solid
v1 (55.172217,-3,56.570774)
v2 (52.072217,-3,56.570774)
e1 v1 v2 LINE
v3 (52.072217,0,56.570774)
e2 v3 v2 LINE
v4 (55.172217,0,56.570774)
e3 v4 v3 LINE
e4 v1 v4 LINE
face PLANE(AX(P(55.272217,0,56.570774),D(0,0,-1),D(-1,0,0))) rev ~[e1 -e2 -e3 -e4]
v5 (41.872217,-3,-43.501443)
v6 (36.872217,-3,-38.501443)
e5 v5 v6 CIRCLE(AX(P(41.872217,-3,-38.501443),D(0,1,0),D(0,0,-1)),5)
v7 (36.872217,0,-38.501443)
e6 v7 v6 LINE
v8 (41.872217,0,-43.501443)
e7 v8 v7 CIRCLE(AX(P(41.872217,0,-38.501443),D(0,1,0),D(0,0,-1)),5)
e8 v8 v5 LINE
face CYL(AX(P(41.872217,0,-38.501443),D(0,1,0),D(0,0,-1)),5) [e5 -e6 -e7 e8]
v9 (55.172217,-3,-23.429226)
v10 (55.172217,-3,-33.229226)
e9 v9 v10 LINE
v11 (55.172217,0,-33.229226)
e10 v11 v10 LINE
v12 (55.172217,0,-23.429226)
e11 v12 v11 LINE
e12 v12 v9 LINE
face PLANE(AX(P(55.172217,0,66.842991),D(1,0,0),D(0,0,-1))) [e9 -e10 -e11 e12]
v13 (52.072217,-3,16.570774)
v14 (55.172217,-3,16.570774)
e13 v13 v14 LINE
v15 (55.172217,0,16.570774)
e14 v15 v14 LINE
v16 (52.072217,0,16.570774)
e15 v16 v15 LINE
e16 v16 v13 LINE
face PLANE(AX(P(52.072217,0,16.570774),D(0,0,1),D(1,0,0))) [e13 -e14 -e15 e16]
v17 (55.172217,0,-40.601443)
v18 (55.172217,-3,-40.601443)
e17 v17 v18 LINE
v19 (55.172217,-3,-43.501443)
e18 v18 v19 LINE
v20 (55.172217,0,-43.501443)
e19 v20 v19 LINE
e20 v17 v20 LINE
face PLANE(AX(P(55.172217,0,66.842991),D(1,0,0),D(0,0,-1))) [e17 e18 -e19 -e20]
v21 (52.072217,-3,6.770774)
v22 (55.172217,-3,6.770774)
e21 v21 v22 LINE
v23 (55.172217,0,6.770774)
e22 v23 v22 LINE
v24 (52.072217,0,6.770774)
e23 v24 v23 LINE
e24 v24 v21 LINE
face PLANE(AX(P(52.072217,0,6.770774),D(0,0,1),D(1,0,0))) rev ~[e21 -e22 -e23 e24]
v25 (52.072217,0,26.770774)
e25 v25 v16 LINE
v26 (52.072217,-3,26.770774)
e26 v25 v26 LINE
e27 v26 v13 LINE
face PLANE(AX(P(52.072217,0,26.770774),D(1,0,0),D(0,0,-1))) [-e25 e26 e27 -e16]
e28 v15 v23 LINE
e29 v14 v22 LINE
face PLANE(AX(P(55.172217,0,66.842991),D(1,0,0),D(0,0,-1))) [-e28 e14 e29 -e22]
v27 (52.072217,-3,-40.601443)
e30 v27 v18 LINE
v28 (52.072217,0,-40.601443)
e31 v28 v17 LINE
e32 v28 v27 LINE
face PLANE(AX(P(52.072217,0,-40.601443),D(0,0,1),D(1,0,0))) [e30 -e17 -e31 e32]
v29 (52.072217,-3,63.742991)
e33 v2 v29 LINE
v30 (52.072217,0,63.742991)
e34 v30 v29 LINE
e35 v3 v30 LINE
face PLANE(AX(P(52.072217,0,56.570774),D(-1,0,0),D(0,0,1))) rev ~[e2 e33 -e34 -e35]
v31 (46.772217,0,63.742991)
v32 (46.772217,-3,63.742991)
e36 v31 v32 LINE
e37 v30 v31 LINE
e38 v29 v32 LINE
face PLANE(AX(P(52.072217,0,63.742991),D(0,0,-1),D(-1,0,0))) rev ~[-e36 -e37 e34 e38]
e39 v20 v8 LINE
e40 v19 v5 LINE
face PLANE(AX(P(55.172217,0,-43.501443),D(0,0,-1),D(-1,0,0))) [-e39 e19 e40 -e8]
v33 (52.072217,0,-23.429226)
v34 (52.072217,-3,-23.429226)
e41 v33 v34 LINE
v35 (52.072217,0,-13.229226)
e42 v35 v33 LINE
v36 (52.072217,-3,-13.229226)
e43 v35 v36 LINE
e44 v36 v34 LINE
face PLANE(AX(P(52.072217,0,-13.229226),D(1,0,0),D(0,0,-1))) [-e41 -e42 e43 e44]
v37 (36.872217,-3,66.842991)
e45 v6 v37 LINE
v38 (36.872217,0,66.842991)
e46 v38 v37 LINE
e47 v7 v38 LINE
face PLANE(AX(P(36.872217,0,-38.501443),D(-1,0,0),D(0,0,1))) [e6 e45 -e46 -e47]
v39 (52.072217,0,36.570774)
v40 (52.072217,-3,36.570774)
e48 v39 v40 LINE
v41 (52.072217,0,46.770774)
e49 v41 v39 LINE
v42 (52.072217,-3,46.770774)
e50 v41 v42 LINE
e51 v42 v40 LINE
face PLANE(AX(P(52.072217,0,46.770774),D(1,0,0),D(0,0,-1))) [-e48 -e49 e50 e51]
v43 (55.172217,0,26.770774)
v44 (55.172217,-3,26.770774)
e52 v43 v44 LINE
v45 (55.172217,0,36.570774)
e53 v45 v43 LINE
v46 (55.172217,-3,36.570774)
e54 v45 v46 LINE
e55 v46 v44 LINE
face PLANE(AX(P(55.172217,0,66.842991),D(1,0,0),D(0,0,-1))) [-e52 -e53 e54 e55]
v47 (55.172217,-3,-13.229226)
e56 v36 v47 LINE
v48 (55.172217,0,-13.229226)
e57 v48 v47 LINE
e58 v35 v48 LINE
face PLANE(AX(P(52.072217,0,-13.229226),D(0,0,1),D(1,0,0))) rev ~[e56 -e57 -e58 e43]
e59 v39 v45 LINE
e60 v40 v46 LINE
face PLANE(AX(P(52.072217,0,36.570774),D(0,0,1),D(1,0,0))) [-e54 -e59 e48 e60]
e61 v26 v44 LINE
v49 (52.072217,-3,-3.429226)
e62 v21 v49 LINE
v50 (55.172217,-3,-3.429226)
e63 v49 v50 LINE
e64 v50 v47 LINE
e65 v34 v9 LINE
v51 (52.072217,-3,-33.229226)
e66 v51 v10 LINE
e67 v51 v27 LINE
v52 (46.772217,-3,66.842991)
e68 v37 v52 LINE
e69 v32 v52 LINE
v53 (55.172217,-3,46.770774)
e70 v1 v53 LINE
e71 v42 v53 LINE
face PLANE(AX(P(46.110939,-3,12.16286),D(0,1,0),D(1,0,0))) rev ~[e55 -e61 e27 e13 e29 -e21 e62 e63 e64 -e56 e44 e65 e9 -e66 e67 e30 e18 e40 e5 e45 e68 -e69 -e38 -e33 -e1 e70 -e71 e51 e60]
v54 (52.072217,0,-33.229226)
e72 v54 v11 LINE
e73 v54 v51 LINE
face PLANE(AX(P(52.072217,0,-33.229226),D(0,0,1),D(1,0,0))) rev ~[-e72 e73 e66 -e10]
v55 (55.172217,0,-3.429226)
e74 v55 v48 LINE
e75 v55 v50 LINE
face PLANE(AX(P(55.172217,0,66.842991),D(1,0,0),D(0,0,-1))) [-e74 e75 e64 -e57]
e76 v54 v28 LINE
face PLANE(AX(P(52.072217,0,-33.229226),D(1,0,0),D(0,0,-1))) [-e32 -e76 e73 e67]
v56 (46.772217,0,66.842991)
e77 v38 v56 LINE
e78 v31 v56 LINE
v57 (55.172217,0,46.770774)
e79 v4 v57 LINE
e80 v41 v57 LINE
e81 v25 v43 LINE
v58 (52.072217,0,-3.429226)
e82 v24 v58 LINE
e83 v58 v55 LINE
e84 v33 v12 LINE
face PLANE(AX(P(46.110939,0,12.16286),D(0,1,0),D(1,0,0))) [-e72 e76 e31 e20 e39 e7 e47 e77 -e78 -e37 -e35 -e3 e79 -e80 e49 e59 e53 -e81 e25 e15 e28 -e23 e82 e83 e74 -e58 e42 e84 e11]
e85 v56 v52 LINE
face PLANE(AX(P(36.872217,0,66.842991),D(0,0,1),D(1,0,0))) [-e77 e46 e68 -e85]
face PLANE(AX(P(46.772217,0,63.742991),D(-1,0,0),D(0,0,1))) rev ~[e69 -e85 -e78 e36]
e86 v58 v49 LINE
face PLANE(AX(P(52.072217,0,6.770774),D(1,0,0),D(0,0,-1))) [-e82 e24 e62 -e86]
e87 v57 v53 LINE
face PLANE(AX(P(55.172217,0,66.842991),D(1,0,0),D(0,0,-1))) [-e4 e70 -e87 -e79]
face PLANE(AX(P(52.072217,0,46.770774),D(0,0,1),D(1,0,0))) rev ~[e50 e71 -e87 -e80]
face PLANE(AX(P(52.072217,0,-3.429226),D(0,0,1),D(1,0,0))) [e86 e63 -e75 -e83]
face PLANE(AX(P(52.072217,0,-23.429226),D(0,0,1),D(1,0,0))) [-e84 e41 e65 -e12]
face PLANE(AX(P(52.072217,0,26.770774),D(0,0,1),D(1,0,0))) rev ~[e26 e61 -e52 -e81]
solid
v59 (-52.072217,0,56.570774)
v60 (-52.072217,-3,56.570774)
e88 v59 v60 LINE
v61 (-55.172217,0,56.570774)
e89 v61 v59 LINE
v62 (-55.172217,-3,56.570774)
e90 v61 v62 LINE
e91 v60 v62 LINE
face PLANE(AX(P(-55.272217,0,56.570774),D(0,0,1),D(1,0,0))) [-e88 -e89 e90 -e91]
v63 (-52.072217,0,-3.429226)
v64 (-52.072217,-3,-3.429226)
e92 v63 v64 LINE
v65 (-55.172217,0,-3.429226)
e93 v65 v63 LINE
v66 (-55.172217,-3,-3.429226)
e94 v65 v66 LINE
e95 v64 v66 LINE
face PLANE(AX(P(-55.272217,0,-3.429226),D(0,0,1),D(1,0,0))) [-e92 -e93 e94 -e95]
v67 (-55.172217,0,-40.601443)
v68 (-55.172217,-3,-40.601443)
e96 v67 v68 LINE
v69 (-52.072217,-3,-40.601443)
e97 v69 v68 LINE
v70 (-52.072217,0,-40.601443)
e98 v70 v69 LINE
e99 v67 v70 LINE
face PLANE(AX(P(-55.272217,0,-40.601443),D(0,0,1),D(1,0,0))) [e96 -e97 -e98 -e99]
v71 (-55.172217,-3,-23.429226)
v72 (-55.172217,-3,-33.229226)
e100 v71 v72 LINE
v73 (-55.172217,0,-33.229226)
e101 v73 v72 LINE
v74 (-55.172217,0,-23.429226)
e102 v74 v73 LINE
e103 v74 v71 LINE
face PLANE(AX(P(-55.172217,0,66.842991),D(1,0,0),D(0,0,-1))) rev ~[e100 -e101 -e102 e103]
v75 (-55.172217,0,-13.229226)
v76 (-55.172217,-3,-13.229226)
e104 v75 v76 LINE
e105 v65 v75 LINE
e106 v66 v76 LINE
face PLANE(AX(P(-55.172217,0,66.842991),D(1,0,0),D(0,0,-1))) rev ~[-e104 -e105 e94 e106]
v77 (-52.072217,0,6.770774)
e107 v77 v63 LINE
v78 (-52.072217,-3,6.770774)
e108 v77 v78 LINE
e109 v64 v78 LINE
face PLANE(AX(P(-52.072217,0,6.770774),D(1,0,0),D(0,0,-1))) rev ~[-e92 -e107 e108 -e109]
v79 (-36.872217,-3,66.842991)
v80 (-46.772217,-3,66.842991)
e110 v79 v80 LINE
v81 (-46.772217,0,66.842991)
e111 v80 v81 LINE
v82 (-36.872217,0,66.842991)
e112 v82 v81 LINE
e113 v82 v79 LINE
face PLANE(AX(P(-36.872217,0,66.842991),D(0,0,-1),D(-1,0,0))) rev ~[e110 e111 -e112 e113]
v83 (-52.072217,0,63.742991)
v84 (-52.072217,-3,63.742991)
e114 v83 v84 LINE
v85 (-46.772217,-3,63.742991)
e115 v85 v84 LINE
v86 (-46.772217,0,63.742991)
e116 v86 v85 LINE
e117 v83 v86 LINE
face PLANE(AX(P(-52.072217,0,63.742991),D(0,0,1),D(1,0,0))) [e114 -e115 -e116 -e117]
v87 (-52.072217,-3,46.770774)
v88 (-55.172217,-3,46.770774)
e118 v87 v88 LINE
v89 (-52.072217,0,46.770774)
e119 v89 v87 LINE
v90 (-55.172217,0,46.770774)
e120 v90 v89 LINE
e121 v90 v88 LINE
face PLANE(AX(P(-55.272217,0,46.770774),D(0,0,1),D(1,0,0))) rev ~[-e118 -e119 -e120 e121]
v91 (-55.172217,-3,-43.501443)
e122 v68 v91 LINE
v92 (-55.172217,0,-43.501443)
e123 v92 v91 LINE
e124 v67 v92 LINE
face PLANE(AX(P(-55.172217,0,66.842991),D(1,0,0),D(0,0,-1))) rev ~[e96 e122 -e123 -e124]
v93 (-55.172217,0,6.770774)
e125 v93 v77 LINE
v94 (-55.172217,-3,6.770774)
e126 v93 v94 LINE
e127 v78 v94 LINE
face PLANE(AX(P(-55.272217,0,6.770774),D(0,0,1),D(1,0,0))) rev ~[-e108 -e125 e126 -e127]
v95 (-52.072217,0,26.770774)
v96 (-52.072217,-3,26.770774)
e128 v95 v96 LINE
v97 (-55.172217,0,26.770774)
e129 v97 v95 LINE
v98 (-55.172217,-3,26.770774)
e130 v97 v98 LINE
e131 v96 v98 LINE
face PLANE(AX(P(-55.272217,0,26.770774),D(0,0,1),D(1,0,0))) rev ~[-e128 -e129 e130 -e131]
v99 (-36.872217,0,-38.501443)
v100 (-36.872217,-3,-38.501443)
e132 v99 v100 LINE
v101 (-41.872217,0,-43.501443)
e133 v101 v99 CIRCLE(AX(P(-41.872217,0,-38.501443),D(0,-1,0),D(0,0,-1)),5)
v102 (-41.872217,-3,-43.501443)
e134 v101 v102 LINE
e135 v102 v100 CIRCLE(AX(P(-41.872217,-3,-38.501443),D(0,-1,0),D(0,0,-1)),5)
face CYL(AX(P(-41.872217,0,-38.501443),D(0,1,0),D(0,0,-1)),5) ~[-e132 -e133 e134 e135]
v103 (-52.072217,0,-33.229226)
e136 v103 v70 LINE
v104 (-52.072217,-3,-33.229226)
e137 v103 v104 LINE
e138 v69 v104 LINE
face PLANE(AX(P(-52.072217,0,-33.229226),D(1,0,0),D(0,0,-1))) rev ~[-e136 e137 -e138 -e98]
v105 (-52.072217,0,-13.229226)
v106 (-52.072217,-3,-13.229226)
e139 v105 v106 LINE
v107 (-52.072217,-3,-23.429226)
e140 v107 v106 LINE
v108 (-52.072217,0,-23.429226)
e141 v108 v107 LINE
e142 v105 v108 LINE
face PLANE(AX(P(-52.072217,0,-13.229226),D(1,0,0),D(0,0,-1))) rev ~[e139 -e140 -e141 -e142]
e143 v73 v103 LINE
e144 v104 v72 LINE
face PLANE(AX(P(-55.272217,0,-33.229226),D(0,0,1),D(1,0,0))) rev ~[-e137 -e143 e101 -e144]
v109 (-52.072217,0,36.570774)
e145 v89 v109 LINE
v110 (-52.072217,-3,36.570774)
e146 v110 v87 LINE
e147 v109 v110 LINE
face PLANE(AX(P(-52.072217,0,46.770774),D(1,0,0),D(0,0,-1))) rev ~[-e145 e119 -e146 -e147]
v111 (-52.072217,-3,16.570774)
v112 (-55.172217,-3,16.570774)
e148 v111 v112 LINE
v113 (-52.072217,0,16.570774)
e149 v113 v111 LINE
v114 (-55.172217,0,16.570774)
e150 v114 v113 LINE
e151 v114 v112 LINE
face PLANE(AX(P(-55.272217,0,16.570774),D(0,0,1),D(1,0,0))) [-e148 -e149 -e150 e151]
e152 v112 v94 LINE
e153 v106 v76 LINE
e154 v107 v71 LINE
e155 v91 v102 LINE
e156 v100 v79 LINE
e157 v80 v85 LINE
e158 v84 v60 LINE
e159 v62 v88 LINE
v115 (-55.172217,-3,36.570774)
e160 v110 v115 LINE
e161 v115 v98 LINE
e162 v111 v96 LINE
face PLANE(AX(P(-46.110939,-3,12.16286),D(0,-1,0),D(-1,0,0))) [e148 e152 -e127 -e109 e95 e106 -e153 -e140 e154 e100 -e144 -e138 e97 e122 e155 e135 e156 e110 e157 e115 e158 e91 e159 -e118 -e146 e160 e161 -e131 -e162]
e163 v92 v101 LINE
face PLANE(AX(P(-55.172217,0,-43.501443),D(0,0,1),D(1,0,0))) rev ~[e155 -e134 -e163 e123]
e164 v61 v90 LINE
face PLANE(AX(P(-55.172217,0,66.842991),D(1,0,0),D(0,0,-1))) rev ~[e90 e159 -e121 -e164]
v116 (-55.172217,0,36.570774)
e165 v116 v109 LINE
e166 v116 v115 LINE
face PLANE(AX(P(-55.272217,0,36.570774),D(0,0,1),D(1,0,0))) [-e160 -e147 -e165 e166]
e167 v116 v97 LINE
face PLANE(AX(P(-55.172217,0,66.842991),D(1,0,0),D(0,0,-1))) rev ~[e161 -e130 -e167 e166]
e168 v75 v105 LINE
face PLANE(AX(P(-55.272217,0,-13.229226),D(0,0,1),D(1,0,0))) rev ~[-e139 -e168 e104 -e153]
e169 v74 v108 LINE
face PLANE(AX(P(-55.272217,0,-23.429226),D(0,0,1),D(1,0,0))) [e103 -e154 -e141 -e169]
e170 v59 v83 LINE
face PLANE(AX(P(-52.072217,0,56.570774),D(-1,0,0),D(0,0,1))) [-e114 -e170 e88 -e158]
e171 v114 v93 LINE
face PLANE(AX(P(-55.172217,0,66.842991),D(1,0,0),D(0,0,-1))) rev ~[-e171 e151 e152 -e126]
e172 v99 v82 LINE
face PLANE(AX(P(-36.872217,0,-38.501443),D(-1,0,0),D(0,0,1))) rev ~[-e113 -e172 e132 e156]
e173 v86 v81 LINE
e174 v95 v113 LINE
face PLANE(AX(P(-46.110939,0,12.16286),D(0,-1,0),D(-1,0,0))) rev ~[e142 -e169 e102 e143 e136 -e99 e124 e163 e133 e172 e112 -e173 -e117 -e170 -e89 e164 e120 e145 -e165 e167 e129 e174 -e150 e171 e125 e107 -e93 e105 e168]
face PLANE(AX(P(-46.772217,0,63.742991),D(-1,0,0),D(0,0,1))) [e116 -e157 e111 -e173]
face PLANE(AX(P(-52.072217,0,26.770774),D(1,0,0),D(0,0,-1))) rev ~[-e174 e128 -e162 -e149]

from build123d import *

# Parameters (mm, degrees)
BOSS_EXTRUDE1_DEPTH   = 3
BOSS_EXTRUDE1_2_DEPTH = 3
SKETCH2_W             = 3.2
SKETCH2_H             = 10.2
SKETCH2_H_2           = 7.372217102
CUT_EXTRUDE1_DEPTH    = 4


with BuildPart() as part:
    # Sketch1 → Boss-Extrude1 (new body)
    with BuildSketch(Plane(origin=(0, 0, 0), x_dir=(1, 0, 0), z_dir=(0, 1, 0))):
        with BuildLine():
            Line((-36.872217102, 38.501443346), (-36.872217102, -66.842990858))
            Line((-36.872217102, -66.842990858), (-55.172217102, -66.842990858))
            Line((-55.172217102, -66.842990858), (-55.172217102, 43.501443346))
            Line((-55.172217102, 43.501443346), (-41.872217102, 43.501443346))
            ThreePointArc((-41.872217102, 43.501443346), (-38.336683196, 42.036977252), (-36.872217102, 38.501443346))
        make_face()
    extrude(amount=-BOSS_EXTRUDE1_DEPTH)


with BuildPart() as body_2:
    # Sketch1 → Boss-Extrude1 2 (new body)
    with BuildSketch(Plane(origin=(0, 0, 0), x_dir=(1, 0, 0), z_dir=(0, 1, 0))):
        with BuildLine():
            Line((36.872217102, 38.501443346), (36.872217102, -66.842990858))
            Line((36.872217102, -66.842990858), (55.172217102, -66.842990858))
            Line((55.172217102, -66.842990858), (55.172217102, 43.501443346))
            Line((55.172217102, 43.501443346), (41.872217102, 43.501443346))
            ThreePointArc((41.872217102, 43.501443346), (38.336683196, 42.036977252), (36.872217102, 38.501443346))
        make_face()
    extrude(amount=-BOSS_EXTRUDE1_2_DEPTH)


with BuildPart() as cut_extrude1_tool:
    # Sketch2 → Cut-Extrude1 (new body, through all)
    with BuildSketch(Plane(origin=(0, 0, 0), x_dir=(1, 0, 0), z_dir=(0, 1, 0))):
        with Locations((53.672217102, -1.670773756)):
            Rectangle(SKETCH2_W, SKETCH2_H)
        with Locations((53.672217102, 18.329226244)):
            Rectangle(SKETCH2_W, SKETCH2_H)
        with Locations((53.672217102, -21.670773756)):
            Rectangle(SKETCH2_W, SKETCH2_H)
        with Locations((-53.672217102, 18.329226244)):
            Rectangle(SKETCH2_W, SKETCH2_H)
        with Locations((-53.672217102, -1.670773756)):
            Rectangle(SKETCH2_W, SKETCH2_H)
        with Locations((53.672217102, 36.915334795)):
            Rectangle(SKETCH2_W, SKETCH2_H_2)
        with Locations((-53.672217102, -21.670773756)):
            Rectangle(SKETCH2_W, SKETCH2_H)
        with Locations((53.672217102, -41.670773756)):
            Rectangle(SKETCH2_W, SKETCH2_H)
        Polygon((46.772217102, -66.942990858), (55.272217102, -66.942990858), (55.272217102, -56.570773756), (52.072217102, -56.570773756), (52.072217102, -63.742990858), (46.772217102, -63.742990858), align=None)
        with Locations((-53.672217102, 36.915334795)):
            Rectangle(SKETCH2_W, SKETCH2_H_2)
        with Locations((-53.672217102, -41.670773756)):
            Rectangle(SKETCH2_W, SKETCH2_H)
        Polygon((-46.772217102, -66.942990858), (-55.272217102, -66.942990858), (-55.272217102, -56.570773756), (-52.072217102, -56.570773756), (-52.072217102, -63.742990858), (-46.772217102, -63.742990858), align=None)
    extrude(amount=-CUT_EXTRUDE1_DEPTH)


with BuildPart() as part_1:
    add(part.part)

    # Cut-Extrude1: cut by cut_extrude1_tool
    add(cut_extrude1_tool.part, mode=Mode.SUBTRACT)


with BuildPart() as body_2_1:
    add(body_2.part)

    # Cut-Extrude1: cut by cut_extrude1_tool
    add(cut_extrude1_tool.part, mode=Mode.SUBTRACT)


solid = Compound([part_1.part, body_2_1.part])
